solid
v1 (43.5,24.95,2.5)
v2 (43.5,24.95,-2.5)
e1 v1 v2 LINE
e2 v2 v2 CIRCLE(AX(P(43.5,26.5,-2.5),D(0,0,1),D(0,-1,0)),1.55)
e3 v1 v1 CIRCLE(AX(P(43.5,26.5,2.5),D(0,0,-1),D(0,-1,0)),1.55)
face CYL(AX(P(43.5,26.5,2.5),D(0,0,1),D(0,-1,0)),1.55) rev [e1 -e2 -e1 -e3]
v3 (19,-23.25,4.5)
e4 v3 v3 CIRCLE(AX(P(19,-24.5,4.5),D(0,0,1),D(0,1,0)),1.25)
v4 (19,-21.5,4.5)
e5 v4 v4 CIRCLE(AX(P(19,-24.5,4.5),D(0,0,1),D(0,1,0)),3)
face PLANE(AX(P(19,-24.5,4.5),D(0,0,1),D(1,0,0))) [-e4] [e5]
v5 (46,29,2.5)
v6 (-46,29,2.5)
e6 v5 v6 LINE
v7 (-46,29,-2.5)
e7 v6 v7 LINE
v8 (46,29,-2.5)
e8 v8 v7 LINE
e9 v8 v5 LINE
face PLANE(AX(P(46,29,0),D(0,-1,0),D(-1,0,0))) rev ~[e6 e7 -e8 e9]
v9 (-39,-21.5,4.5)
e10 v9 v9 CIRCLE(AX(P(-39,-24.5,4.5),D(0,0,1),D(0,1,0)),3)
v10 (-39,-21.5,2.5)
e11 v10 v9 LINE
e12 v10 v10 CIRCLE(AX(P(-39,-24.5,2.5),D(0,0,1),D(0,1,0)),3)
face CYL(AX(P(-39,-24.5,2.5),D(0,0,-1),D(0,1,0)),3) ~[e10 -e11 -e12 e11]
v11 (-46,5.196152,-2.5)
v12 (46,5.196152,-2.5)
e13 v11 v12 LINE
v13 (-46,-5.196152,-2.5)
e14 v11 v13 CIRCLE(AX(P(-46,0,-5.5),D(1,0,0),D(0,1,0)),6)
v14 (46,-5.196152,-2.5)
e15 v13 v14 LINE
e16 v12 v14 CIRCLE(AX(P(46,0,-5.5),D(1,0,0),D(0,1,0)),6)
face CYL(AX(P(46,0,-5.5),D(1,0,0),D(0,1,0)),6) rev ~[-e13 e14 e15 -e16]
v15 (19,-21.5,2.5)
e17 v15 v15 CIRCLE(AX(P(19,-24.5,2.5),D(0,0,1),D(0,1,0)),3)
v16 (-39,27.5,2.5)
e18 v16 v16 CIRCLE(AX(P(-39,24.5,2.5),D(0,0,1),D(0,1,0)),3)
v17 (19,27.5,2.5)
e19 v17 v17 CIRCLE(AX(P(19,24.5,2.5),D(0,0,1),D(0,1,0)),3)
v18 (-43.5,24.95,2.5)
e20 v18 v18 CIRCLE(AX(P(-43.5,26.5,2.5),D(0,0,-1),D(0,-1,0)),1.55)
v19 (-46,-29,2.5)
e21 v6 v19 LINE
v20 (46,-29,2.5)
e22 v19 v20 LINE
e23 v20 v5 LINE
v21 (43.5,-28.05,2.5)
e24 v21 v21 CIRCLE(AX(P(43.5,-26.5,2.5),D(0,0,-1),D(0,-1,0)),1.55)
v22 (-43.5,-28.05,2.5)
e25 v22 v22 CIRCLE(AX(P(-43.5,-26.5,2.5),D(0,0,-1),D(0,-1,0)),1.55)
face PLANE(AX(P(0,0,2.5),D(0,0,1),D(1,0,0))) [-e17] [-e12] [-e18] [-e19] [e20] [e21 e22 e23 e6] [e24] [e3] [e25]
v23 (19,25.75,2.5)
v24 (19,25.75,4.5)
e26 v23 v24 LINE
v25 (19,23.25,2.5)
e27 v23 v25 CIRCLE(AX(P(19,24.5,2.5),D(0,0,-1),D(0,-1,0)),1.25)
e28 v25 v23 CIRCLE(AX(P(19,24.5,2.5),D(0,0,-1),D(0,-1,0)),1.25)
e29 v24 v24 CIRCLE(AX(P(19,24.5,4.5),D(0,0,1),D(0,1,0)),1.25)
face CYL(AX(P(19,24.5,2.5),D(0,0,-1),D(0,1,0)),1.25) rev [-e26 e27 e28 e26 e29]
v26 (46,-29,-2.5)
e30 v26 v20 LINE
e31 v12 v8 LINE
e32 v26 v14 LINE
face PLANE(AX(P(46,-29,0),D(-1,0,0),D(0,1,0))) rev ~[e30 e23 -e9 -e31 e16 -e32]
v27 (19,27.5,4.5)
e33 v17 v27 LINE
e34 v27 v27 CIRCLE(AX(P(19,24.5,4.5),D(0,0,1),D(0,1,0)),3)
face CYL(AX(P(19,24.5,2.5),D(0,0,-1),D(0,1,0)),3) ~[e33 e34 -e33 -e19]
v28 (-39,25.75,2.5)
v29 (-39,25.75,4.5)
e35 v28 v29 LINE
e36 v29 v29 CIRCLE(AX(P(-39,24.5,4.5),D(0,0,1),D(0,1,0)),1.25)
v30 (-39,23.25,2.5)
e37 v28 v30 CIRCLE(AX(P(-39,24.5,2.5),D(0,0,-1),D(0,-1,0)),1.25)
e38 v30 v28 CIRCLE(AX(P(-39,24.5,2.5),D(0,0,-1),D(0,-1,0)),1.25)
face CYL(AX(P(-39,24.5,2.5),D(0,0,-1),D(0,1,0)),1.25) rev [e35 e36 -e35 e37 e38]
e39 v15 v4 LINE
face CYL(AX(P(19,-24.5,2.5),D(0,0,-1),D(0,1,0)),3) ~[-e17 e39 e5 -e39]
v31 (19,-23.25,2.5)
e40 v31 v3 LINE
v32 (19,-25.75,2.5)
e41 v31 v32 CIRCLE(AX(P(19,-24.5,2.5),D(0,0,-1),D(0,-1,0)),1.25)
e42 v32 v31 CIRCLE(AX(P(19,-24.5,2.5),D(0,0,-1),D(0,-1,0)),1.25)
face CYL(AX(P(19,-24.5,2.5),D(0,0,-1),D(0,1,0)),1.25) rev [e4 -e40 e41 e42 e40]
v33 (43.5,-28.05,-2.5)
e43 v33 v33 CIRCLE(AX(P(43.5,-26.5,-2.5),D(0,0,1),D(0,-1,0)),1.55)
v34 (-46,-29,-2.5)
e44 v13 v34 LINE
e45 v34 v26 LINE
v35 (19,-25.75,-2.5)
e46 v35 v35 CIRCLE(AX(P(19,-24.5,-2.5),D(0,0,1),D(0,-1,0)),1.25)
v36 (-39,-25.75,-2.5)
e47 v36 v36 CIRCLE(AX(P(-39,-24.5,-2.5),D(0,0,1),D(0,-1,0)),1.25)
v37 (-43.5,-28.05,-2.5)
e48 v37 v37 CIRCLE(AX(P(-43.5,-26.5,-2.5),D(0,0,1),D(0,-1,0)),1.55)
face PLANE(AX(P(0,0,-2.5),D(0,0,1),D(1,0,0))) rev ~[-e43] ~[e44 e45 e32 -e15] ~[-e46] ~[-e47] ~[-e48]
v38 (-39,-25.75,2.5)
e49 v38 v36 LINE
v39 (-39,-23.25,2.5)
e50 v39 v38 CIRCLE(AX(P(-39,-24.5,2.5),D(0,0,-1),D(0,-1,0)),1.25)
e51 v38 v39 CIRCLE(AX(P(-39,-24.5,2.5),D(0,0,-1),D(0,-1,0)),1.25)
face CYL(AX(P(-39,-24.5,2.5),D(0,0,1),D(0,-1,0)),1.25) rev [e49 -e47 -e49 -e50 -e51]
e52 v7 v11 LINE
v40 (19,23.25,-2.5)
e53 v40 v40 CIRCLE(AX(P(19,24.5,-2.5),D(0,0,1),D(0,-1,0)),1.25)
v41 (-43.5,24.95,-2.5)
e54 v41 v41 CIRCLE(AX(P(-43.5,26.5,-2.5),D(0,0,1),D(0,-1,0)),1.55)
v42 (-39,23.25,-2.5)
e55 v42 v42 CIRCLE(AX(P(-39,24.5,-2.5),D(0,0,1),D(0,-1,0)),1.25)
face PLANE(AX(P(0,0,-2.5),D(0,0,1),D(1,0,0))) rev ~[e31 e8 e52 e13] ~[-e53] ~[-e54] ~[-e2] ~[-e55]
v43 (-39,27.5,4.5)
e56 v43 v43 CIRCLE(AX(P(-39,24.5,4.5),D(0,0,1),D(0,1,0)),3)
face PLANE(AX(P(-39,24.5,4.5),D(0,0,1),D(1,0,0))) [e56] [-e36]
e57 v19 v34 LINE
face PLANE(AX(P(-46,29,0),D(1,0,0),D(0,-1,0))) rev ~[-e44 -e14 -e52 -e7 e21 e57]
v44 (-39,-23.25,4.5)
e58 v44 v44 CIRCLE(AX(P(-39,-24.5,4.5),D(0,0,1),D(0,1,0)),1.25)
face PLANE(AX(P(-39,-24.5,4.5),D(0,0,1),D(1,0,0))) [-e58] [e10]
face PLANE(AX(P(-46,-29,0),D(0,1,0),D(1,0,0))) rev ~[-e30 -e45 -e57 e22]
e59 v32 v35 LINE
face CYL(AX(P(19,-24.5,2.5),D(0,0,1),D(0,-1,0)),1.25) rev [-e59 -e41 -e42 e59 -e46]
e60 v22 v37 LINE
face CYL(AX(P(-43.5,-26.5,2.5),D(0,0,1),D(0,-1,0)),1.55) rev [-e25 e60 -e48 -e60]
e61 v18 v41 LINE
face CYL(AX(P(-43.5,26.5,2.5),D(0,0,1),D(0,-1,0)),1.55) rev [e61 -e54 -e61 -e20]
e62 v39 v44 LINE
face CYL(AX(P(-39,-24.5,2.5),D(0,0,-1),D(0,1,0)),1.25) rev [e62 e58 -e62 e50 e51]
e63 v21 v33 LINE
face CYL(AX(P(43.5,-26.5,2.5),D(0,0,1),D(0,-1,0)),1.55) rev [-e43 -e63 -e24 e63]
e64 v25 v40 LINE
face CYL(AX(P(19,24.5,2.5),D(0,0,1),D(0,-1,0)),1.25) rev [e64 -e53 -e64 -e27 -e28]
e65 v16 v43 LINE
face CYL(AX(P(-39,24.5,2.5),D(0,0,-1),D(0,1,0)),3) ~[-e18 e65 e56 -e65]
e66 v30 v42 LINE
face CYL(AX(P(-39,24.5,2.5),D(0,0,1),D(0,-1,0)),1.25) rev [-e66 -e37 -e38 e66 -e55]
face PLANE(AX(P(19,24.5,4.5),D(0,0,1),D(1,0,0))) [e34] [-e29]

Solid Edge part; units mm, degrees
sketch "Sketch1" plane through (0, 0, 0) normal (0, 0, 1) x (1, 0, 0)
  line L0 (-46, -29) -> (46, -29)
  line L1 (46, -29) -> (46, 29)
  line L2 (46, 29) -> (-46, 29)
  line L3 (-46, 29) -> (-46, -29)
  dimension "D1" = 92
  dimension "D2" = 58
extrude "Ajout_matière_1" add sketch "Sketch1" along normal mid plane 5
sketch "Sketch2" plane through (46, 0, 0) normal (1, 0, 0) x (0, 1, 0)
  circle A0 centre (0, -5.5) radius 6
  dimension "D1" = 12
  dimension "D2" = 3
extrude "Cutout1" cut sketch "Sketch2" against normal through all
hole "Perçage_1" at (-43.5, 26.5, 2.5) direction (0, 0, -1) diameter 3.1 end up to next
hole "Hole1" at (43.5, 26.5, 2.5) direction (0, 0, -1) diameter 3.1 end up to next
hole "Hole2" at (43.5, -26.5, 2.5) direction (0, 0, -1) diameter 3.1 end up to next
hole "Hole3" at (-43.5, -26.5, 2.5) direction (0, 0, -1) diameter 3.1 end up to next
hole "Hole4" at (-39, 24.5, 2.5) direction (0, 0, -1) diameter 2.5 end up to next
hole "Hole5" at (19, 24.5, 2.5) direction (0, 0, -1) diameter 2.5 end up to next
hole "Hole6" at (19, -24.5, 2.5) direction (0, 0, -1) diameter 2.5 end up to next
hole "Hole7" at (-39, -24.5, 2.5) direction (0, 0, -1) diameter 2.5 end up to next
sketch "Sketch3" plane through (0, 0, 2.5) normal (0, 0, 1) x (0, 1, 0)
  circle A0 centre (-24.5, 39) radius 3
  circle A1 centre (-24.5, 39) radius 1.25
  circle A2 centre (24.5, 39) radius 1.25
  circle A3 centre (24.5, 39) radius 3
  circle A4 centre (24.5, -19) radius 1.25
  circle A5 centre (24.5, -19) radius 3
  circle A6 centre (-24.5, -19) radius 1.25
  circle A7 centre (-24.5, -19) radius 3
  dimension "D1" = 6
  dimension "D2" = 2.5
  dimension "D3" = 6
  dimension "D4" = 6
  dimension "D5" = 6
extrude "Protrusion1" add sketch "Sketch3" along normal blind 2
properties material "Plastique ABS, performance moyenne"
